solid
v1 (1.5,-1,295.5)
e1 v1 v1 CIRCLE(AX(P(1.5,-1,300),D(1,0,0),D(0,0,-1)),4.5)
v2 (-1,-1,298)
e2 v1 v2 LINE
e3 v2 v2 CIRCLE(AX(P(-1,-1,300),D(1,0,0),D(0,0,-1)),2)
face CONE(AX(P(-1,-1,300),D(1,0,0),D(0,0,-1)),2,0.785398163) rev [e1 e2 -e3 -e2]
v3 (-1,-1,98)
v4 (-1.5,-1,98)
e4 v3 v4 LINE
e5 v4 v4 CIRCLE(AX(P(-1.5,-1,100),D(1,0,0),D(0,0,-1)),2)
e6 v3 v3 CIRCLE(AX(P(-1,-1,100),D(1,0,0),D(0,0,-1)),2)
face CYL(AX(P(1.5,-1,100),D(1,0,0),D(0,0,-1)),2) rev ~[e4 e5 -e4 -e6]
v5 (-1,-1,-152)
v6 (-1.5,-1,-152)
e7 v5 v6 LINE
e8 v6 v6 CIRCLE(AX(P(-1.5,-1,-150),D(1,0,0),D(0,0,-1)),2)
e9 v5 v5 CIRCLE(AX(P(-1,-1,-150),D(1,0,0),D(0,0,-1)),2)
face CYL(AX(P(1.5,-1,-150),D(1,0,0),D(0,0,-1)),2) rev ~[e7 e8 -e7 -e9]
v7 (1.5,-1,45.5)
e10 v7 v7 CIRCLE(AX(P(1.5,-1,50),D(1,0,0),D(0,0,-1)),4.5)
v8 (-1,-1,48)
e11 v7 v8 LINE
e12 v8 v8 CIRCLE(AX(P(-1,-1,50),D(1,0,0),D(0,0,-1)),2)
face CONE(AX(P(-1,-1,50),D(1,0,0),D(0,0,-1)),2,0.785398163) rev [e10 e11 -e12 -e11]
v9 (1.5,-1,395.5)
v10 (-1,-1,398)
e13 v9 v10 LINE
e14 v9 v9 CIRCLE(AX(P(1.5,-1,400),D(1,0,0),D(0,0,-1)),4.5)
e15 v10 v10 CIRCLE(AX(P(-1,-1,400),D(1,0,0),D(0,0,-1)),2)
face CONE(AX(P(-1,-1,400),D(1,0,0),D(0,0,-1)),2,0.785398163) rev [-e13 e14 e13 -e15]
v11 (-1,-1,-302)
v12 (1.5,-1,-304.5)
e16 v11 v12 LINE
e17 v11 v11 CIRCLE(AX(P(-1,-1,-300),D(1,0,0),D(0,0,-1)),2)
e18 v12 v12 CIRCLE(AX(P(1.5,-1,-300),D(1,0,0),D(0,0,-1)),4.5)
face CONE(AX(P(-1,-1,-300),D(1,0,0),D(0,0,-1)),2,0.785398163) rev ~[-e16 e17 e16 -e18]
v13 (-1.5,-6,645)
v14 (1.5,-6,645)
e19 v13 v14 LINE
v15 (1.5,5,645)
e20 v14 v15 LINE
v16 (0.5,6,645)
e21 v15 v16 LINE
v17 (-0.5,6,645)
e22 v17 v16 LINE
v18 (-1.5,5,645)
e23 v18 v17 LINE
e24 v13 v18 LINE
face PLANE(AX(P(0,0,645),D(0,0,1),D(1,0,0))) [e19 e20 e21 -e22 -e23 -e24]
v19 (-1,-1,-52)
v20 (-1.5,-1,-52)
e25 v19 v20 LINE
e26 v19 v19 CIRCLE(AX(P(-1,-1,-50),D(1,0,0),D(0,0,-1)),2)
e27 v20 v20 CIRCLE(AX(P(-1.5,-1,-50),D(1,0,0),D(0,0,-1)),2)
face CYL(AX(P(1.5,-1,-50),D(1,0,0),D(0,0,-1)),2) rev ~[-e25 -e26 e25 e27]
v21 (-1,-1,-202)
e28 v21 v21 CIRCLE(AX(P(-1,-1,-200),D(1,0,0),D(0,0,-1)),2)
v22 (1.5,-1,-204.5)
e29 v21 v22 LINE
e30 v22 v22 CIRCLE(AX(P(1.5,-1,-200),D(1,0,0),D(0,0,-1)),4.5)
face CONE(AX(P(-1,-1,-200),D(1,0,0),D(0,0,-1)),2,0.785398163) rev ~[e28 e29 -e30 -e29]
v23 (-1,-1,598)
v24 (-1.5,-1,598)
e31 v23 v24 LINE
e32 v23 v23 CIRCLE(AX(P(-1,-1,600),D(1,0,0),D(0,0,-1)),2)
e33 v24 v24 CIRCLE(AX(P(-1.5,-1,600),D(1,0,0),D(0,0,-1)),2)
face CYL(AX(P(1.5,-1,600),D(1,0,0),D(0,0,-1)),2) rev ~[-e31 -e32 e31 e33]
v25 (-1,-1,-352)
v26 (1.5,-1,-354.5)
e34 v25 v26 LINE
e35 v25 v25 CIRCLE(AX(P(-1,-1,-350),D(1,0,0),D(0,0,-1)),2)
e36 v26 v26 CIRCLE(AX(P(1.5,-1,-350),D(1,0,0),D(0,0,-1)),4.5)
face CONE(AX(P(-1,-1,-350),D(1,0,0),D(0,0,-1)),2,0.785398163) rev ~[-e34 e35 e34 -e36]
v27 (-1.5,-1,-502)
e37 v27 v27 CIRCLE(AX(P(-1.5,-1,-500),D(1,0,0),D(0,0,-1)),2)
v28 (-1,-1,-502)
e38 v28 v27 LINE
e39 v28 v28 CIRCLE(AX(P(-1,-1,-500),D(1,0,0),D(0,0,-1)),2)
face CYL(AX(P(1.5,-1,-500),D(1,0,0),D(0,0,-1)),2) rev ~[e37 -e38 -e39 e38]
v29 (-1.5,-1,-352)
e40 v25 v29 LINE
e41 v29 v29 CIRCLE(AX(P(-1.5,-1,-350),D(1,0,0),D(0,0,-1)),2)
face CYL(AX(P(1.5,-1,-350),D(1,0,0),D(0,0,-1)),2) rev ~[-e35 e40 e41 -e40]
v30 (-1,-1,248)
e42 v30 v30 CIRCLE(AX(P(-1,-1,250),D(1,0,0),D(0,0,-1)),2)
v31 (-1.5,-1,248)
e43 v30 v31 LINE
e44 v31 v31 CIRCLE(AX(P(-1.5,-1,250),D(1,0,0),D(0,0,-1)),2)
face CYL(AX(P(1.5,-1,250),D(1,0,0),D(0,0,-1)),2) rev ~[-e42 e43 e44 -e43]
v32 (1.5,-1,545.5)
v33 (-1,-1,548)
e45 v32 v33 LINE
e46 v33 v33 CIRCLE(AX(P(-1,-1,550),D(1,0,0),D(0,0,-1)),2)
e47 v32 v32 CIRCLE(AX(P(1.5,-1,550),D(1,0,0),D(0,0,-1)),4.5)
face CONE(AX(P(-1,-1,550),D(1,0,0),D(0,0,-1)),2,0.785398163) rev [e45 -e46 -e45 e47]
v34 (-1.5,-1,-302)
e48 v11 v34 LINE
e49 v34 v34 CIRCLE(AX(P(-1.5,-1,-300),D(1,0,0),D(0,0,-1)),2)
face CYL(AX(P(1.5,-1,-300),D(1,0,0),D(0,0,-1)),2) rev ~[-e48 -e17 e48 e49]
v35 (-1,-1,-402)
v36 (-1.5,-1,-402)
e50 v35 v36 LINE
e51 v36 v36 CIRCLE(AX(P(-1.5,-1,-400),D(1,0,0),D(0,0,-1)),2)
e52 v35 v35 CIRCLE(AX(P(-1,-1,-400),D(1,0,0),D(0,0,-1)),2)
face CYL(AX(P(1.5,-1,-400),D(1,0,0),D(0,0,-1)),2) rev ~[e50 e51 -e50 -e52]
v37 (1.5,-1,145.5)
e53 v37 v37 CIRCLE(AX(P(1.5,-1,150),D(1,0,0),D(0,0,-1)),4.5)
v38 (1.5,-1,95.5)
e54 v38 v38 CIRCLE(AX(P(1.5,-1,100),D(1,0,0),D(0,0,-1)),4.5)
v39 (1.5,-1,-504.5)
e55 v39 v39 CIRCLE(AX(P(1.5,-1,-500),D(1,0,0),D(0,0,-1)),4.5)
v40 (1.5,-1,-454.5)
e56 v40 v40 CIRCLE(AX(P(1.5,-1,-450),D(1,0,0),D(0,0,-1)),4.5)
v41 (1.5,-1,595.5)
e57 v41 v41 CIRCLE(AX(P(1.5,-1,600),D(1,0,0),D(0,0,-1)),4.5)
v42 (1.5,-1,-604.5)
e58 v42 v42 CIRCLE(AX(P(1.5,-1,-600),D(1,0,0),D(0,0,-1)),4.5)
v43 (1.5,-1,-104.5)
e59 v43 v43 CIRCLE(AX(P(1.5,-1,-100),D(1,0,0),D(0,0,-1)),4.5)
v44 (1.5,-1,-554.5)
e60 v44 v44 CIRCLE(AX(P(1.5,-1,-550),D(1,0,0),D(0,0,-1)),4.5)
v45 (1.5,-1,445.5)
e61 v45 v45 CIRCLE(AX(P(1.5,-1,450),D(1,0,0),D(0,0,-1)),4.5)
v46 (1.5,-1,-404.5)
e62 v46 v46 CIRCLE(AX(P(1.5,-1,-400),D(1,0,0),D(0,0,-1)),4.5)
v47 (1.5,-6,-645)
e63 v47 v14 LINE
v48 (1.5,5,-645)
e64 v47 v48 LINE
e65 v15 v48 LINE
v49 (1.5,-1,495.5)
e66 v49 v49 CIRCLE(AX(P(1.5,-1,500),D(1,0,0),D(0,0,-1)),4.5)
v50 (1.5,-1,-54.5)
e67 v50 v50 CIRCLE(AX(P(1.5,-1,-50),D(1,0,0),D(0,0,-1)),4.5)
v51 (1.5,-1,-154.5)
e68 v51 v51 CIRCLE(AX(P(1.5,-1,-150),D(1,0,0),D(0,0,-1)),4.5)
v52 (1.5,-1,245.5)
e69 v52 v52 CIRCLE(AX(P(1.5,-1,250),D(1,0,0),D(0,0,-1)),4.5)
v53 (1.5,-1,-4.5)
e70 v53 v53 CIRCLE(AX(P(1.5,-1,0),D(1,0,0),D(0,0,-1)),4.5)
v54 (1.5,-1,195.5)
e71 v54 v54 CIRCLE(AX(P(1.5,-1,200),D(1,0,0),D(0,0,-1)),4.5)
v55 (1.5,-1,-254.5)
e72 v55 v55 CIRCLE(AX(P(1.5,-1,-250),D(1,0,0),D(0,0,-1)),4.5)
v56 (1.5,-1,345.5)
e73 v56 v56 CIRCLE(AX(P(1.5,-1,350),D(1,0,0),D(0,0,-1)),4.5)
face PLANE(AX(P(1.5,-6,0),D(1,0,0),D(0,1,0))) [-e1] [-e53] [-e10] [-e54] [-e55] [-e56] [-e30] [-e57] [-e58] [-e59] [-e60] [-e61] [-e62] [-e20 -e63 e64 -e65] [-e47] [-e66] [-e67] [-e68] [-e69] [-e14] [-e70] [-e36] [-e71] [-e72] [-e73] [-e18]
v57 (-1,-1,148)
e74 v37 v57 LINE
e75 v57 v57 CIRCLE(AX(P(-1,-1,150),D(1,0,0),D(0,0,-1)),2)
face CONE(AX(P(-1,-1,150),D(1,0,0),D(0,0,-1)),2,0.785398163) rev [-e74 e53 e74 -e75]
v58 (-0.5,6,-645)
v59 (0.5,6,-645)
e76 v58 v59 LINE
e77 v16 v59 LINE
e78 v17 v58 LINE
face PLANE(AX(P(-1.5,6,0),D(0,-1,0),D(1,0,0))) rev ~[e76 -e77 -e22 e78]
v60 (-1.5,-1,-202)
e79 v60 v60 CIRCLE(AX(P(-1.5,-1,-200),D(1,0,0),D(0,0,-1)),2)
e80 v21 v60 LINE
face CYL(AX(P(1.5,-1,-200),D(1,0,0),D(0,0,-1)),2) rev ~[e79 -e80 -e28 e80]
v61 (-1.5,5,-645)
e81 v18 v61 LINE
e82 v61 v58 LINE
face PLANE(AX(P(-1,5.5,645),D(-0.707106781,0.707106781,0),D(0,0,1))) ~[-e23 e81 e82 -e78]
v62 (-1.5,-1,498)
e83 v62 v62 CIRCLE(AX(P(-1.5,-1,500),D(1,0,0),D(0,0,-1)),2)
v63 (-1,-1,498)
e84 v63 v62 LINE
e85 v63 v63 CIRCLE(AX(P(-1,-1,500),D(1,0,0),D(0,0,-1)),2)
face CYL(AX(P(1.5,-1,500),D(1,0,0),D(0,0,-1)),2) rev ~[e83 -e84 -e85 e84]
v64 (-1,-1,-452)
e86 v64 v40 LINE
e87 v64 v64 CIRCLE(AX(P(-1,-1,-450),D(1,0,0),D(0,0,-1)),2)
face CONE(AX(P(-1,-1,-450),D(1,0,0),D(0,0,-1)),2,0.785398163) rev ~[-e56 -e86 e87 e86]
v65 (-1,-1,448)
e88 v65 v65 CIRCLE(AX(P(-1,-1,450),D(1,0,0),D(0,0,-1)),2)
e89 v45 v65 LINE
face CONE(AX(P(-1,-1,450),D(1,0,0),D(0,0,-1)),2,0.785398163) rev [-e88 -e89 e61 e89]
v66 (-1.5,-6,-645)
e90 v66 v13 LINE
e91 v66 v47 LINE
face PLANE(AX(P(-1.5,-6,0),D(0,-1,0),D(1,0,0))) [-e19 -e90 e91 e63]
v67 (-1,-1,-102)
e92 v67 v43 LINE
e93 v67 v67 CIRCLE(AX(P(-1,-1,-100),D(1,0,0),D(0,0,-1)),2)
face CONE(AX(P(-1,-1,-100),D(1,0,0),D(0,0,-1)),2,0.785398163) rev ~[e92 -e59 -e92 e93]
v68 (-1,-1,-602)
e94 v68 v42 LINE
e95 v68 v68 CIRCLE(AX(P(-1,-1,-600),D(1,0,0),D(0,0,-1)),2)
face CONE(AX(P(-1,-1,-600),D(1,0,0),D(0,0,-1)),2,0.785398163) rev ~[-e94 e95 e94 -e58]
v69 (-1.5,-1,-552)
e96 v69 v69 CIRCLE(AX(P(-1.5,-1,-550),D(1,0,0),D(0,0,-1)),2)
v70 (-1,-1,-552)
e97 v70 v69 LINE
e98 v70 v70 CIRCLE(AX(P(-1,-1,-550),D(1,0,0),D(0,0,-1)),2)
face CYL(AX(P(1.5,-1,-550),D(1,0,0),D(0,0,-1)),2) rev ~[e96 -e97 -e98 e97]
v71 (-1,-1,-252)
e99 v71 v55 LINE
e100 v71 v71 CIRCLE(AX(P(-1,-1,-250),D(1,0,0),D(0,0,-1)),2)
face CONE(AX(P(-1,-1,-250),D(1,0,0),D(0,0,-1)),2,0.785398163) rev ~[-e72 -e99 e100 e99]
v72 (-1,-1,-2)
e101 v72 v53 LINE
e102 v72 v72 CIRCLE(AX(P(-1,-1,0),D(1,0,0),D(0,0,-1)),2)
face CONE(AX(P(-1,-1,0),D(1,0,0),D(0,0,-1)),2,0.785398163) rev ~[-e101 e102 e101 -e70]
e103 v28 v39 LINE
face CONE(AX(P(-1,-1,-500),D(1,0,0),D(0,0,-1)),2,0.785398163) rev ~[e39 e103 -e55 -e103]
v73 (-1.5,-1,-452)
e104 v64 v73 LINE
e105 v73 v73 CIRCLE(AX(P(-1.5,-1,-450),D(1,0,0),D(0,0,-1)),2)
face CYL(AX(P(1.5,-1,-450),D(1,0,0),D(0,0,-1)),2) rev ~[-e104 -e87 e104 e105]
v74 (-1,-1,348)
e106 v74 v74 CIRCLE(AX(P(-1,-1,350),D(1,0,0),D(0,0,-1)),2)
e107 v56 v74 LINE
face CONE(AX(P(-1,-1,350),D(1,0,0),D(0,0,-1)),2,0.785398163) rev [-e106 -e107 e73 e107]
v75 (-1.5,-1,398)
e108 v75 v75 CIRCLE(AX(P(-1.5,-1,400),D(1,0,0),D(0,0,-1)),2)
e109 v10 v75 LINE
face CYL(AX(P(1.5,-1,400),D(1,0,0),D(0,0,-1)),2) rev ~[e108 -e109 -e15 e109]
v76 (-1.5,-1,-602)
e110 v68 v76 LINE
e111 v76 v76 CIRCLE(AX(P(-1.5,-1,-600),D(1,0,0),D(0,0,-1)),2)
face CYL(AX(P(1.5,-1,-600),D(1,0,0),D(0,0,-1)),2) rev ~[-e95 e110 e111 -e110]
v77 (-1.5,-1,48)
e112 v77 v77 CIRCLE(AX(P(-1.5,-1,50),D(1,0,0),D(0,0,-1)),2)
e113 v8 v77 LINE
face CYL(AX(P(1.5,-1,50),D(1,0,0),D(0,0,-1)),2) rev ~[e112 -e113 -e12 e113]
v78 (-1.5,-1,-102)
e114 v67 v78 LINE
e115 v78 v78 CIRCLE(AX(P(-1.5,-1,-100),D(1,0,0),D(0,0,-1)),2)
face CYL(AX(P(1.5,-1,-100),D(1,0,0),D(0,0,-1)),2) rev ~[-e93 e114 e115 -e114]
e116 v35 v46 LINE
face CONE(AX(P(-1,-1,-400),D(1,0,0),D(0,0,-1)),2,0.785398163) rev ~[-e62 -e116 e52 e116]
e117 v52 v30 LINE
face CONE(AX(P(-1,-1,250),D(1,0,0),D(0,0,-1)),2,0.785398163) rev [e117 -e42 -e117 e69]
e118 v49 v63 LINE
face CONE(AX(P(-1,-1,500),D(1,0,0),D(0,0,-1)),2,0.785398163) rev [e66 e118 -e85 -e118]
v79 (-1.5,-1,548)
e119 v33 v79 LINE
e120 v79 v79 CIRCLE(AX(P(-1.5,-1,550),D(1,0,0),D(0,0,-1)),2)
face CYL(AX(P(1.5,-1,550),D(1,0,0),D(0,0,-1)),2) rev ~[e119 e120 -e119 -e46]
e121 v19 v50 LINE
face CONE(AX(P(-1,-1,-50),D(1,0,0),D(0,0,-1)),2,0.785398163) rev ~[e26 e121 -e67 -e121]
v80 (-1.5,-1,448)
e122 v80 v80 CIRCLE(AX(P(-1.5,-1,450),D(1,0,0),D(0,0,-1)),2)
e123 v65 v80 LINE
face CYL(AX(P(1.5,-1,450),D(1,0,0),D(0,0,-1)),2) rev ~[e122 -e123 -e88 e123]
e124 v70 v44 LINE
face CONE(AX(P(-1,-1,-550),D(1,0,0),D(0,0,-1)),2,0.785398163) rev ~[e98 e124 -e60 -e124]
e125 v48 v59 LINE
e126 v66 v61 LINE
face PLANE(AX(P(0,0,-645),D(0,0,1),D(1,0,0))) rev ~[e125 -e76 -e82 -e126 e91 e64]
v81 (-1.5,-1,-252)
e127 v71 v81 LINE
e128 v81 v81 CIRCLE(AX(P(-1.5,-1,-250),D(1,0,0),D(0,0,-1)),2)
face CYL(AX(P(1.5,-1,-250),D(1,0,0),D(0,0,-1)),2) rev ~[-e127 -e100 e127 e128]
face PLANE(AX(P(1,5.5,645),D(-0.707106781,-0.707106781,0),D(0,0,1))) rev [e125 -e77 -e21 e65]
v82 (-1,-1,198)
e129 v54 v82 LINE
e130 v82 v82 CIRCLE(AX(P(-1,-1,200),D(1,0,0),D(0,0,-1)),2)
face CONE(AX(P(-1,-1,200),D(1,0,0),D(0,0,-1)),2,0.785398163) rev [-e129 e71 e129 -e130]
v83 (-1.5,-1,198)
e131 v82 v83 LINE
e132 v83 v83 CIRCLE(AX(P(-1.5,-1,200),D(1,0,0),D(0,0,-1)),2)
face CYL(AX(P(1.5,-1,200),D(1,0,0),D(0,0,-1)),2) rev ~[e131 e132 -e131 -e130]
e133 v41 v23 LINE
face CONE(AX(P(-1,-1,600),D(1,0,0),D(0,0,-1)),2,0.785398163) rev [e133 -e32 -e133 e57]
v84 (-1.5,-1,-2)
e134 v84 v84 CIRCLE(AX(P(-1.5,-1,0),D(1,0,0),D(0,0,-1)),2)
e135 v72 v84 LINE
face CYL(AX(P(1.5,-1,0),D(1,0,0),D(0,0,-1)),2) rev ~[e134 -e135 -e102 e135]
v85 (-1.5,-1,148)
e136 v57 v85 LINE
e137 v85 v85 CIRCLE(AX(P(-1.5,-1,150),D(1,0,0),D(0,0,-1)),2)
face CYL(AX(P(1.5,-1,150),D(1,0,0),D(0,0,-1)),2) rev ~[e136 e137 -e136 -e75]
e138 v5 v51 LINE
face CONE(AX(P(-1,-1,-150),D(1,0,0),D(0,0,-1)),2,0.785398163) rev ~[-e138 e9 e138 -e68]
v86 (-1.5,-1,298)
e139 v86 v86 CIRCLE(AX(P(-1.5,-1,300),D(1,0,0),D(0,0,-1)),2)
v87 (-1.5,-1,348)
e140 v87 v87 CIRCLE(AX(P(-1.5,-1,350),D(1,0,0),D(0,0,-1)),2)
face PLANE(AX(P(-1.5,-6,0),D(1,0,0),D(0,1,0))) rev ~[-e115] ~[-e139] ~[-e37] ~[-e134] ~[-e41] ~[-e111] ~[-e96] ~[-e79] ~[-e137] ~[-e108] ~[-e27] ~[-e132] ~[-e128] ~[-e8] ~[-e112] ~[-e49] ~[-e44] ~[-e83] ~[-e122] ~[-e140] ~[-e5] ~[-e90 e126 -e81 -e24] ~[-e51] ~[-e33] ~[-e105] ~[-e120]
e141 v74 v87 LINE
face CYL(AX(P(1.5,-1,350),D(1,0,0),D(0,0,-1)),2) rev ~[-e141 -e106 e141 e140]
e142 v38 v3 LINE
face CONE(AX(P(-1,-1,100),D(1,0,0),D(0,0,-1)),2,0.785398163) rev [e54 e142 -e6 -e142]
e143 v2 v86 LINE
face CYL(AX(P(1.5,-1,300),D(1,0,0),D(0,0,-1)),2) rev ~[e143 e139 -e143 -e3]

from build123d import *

# Parameters (mm, degrees)
SKETCH1_W                      = 3
SKETCH1_H                      = 12
BOSS_EXTRUDE1_DEPTH            = 645
SKETCH2_R                      = 2
CUT_EXTRUDE1_DEPTH             = 10
CHAMFER1_SIZE                  = 2.5
CHAMFER2_SIZE                  = 1
LPATTERN1_COUNT                = 13
LPATTERN1_PITCH                = 50
CHAMFER1_OF_LPATTERN1_SIZE     = 2.5
LPATTERN1_COL_COUNT            = 13
LPATTERN1_COL_PITCH            = 50
CHAMFER1_OF_LPATTERN1_COL_SIZE = 2.5


with BuildPart() as part:
    # Sketch1 → Boss-Extrude1 (new, symmetric)
    with BuildSketch(Plane.XY):
        Rectangle(SKETCH1_W, SKETCH1_H)
    extrude(amount=BOSS_EXTRUDE1_DEPTH, both=True)

    # Sketch2 → Cut-Extrude1 (cut)
    with BuildSketch(Plane(origin=(1.5, 0, 0), x_dir=(0, 0, -1), z_dir=(1, 0, 0))):
        with Locations((0, -1)):
            Circle(SKETCH2_R)
    cut_extrude1 = extrude(amount=-CUT_EXTRUDE1_DEPTH, mode=Mode.SUBTRACT)

    # Chamfer1
    chamfer1_edges = [part.edges().sort_by_distance(p)[0] for p in [
        (1.5, -1, 2),
    ]]
    chamfer(chamfer1_edges, length=CHAMFER1_SIZE)

    # Chamfer2
    chamfer2_edges = [part.edges().sort_by_distance(p)[0] for p in [
        (-1.5, 6, 0),
        (1.5, 6, 0),
    ]]
    chamfer(chamfer2_edges, length=CHAMFER2_SIZE)

    # LPattern1: Cut-Extrude1 ×13
    with Locations(*[(0, 0, -i * LPATTERN1_PITCH) for i in range(1, LPATTERN1_COUNT)]):
        add(cut_extrude1, mode=Mode.SUBTRACT)

    # Chamfer1 of LPattern1
    chamfer1_of_lpattern1_edges = [part.edges().sort_by_distance(p)[0] for p in [
        (1.5, -1, -48),
        (1.5, -1, -98),
        (1.5, -1, -148),
        (1.5, -1, -198),
        (1.5, -1, -248),
        (1.5, -1, -298),
        (1.5, -1, -348),
        (1.5, -1, -398),
        (1.5, -1, -448),
        (1.5, -1, -498),
        (1.5, -1, -548),
        (1.5, -1, -598),
    ]]
    chamfer(chamfer1_of_lpattern1_edges, length=CHAMFER1_OF_LPATTERN1_SIZE)

    # LPattern1 col: Cut-Extrude1 ×13
    with Locations(*[(0, 0, i * LPATTERN1_COL_PITCH) for i in range(1, LPATTERN1_COL_COUNT)]):
        add(cut_extrude1, mode=Mode.SUBTRACT)

    # Chamfer1 of LPattern1 col
    chamfer1_of_lpattern1_col_edges = [part.edges().sort_by_distance(p)[0] for p in [
        (1.5, -1, 52),
        (1.5, -1, 102),
        (1.5, -1, 152),
        (1.5, -1, 202),
        (1.5, -1, 252),
        (1.5, -1, 302),
        (1.5, -1, 352),
        (1.5, -1, 402),
        (1.5, -1, 452),
        (1.5, -1, 502),
        (1.5, -1, 552),
        (1.5, -1, 602),
    ]]
    chamfer(chamfer1_of_lpattern1_col_edges, length=CHAMFER1_OF_LPATTERN1_COL_SIZE)


solid = part.part
